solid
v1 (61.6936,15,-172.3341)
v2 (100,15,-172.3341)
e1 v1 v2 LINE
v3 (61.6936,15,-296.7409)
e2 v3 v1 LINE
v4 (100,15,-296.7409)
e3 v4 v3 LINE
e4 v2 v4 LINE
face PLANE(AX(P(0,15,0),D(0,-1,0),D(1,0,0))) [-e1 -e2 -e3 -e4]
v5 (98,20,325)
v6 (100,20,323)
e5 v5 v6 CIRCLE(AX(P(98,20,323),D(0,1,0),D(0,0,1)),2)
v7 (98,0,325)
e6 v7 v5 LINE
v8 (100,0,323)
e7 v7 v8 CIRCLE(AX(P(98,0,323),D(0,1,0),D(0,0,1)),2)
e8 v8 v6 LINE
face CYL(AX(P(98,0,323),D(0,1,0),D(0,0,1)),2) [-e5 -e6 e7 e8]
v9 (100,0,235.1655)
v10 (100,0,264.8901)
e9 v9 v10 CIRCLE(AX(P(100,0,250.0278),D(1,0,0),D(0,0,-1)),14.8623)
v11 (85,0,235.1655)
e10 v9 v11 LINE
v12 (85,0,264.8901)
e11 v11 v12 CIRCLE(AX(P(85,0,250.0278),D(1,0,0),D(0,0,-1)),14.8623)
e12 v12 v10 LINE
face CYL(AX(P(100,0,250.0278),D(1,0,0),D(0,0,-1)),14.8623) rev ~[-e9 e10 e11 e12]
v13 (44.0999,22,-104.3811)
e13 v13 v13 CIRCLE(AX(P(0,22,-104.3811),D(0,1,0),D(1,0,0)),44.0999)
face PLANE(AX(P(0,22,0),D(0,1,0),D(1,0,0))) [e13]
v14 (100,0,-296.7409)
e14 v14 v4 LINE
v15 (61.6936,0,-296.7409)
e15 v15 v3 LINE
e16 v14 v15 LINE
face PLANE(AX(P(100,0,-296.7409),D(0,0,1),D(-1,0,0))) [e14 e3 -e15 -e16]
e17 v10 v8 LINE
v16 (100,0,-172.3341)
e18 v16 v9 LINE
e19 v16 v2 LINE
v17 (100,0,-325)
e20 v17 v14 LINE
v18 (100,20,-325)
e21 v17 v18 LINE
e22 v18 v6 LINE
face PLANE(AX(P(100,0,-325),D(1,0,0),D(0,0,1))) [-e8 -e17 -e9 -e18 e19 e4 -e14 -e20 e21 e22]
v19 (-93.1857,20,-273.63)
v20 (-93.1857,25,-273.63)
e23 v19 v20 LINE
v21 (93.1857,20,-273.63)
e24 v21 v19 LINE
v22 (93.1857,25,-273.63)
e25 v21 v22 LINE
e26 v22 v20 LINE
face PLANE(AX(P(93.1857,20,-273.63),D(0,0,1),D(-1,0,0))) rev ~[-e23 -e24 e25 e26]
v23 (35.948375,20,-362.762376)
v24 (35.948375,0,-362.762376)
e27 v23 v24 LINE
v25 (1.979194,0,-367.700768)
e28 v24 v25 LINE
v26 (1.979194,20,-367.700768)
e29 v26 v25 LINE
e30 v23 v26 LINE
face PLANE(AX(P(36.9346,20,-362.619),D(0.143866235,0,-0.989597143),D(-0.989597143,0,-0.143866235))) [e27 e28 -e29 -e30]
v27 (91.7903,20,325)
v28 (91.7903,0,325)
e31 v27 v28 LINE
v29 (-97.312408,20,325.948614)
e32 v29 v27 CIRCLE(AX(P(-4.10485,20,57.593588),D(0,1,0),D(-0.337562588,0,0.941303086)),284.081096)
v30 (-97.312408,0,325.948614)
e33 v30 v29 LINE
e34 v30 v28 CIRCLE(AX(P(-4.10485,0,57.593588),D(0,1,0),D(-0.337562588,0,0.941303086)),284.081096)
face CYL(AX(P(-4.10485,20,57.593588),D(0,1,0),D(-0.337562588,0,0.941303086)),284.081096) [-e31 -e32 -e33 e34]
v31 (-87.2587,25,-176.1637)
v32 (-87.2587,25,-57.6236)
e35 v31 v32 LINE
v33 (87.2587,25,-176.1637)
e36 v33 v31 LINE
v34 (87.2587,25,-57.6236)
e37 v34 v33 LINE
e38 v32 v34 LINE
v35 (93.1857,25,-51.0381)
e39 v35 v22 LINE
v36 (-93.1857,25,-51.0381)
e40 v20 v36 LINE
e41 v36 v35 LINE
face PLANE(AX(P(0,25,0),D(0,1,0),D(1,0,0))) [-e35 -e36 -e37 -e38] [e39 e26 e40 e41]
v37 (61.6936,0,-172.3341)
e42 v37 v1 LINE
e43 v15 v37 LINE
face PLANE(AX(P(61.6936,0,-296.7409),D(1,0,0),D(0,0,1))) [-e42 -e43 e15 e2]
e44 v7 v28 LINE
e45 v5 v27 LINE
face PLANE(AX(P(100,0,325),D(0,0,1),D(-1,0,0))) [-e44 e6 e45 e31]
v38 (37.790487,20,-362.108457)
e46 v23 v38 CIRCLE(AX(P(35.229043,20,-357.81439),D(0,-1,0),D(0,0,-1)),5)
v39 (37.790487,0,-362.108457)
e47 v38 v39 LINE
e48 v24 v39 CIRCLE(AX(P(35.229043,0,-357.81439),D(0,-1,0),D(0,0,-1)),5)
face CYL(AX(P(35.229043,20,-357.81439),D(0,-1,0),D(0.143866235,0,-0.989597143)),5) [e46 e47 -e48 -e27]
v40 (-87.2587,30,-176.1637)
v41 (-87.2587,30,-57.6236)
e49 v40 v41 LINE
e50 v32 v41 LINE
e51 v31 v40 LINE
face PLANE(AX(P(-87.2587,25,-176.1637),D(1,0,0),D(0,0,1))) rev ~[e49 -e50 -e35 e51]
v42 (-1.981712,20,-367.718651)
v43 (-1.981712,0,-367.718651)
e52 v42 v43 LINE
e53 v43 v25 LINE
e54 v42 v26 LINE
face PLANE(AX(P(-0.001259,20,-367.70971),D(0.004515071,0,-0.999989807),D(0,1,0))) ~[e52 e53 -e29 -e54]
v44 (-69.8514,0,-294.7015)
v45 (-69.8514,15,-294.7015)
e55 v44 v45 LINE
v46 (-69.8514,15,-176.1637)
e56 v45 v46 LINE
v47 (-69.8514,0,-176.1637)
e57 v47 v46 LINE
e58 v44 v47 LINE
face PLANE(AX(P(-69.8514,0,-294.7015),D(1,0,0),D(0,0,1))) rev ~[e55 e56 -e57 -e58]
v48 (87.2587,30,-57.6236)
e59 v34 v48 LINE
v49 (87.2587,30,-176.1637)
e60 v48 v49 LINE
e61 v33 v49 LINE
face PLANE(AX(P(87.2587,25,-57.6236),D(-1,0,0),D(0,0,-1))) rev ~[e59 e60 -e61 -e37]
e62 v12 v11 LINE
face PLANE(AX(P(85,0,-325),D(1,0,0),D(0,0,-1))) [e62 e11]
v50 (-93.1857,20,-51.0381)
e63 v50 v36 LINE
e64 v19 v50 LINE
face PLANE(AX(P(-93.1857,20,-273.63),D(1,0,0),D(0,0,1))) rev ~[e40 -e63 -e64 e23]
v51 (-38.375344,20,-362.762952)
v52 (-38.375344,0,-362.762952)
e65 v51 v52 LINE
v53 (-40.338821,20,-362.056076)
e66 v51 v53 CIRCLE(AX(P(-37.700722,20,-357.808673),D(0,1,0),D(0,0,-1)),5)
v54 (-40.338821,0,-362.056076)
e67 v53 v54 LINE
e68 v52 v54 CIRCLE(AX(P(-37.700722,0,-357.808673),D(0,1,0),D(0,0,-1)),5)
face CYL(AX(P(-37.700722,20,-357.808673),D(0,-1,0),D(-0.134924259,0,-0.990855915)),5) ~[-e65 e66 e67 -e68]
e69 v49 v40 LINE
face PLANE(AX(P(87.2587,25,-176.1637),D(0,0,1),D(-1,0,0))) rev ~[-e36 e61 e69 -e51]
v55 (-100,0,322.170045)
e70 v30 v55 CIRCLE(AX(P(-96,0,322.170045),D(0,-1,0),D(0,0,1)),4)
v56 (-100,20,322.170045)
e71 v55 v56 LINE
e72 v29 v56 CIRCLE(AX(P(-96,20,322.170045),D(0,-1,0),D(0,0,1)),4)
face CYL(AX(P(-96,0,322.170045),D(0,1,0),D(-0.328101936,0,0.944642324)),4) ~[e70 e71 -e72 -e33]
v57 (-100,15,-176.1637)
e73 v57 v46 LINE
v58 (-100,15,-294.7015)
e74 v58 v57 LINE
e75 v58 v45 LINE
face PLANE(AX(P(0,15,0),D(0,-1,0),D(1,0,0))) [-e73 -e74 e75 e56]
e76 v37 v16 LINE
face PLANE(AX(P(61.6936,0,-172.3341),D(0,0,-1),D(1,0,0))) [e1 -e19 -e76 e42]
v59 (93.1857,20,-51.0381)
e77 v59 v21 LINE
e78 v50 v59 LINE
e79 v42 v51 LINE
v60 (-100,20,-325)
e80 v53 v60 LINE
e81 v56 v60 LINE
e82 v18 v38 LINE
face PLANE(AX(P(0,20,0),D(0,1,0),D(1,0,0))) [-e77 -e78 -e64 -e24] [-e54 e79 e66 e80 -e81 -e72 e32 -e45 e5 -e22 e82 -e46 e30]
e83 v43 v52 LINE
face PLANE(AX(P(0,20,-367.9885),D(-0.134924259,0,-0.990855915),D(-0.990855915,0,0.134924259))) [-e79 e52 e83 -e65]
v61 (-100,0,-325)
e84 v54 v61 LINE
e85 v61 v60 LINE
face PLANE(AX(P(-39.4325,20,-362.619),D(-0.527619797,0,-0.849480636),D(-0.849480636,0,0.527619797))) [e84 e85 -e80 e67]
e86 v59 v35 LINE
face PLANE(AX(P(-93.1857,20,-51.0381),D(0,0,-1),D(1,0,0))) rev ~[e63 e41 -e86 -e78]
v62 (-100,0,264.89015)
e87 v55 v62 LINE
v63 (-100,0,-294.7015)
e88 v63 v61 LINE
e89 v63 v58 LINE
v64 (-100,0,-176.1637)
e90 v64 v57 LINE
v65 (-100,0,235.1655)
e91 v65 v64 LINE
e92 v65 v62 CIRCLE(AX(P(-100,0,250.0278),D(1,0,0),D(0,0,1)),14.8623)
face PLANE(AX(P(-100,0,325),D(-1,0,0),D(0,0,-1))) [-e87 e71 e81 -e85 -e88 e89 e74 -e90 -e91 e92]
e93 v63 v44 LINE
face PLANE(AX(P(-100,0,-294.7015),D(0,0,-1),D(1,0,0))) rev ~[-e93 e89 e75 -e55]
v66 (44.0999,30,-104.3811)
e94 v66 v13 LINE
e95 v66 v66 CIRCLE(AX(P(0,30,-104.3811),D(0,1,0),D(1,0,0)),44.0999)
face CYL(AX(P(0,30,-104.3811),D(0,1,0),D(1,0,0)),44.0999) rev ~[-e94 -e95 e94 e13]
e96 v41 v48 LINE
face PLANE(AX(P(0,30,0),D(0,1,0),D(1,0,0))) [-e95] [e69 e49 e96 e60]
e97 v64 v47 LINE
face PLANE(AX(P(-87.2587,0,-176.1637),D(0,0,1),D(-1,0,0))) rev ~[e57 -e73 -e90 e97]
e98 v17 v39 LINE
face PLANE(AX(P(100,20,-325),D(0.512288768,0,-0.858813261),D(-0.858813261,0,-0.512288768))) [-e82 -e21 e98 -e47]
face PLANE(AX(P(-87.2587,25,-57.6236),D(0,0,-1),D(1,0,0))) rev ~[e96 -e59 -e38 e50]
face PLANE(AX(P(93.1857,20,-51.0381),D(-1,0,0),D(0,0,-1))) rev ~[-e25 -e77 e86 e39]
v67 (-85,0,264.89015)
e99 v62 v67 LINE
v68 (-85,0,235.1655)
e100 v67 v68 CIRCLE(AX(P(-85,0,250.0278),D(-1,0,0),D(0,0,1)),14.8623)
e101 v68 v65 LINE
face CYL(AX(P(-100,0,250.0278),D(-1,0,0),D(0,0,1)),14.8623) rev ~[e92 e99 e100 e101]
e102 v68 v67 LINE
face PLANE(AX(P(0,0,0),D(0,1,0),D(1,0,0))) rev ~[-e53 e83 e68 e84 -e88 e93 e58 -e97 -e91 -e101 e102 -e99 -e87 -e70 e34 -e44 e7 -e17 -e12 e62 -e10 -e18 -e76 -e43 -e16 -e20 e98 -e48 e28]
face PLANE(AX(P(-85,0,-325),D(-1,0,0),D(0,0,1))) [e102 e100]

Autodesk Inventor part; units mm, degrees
ref_plane "YZ Plane" through (0, 0, 0) normal (1, 0, 0) x (0, 1, 0)
ref_plane "XZ Plane" through (0, 0, 0) normal (0, 1, 0) x (-1, 0, 0)
ref_plane "XY Plane" through (0, 0, 0) normal (0, 0, 1) x (1, 0, 0)
sketch "Sketch1" plane through (0, 0, 0) normal (0, 1, 0) x (-1, 0, 0)
  line L0 (-100, 325) -> (100, 325)
  line L1 (100, 325) -> (100, -325)
  line L2 (100, -325) -> (-100, -325)
  line L3 (-100, -325) -> (-100, 325)
  line L4 (-100, 325) -> (100, -325) construction
  line L5 (100, 325) -> (-100, -325) construction
  point P0 (0, 0)
  dimension "d0" = 200
  dimension "d1" = 650
sketch "Sketch2" plane through (0, 0, 0) normal (0, 1, 0) x (-1, 0, 0)
  point P0 (0, 0)
extrude "Extrusion1" add sketch "Sketch1" along normal blind 20
sketch "Sketch3" plane through (0, 20, 0) normal (0, 1, 0) x (1, 0, 0)
  line L0 (-100, -325) -> (100, -325) projected
  arc A0 (-100, -325) -> (91.7903, -325) centre (-4.1048, -57.5933) ccw
  point P0 (0, 0)
extrude "Extrusion2" add sketch "Sketch3" against normal blind 20
sketch "Sketch4" plane through (0, 20, 0) normal (0, 1, 0) x (1, 0, 0)
  line L0 (100, 325) -> (-100, 325) projected
  line L1 (100, 325) -> (36.9346, 362.619)
  line L2 (36.9346, 362.619) -> (0, 367.9885)
  line L3 (0, 367.9885) -> (-39.4325, 362.619)
  line L4 (-39.4325, 362.619) -> (-100, 325)
  point P0 (0, 0)
extrude "Extrusion3" add sketch "Sketch4" against normal blind 20
fillet "Fillet1" radius 2 1 edges at (100, 10, 325)
fillet "Fillet2" radius 4 1 edges at (-100, 10, 325)
chamfer "Chamfer1" distance 2 angle 45 1 edges at (0, 10, -367.9885)
fillet "Fillet3" radius 5 1 edges at (36.9346, 10, -362.619)
fillet "Fillet4" radius 5 1 edges at (-39.4325, 10, -362.619)
sketch "Sketch5" plane through (0, 20, 0) normal (0, 1, 0) x (1, 0, 0)
  line L0 (0, 22.7202) -> (-100, 22.7202)
  line L1 (-100, 325) -> (-100, -322.17) projected
  line L2 (0, 22.7202) -> (99.1127, 22.7202)
  line L3 (99.1127, 22.7202) -> (-100, 22.7202)
  point P0 (0, 0)
sketch "Sketch6" plane through (0, 20, 0) normal (0, 1, 0) x (1, 0, 0)
  line L0 (93.1857, 273.63) -> (-93.1857, 273.63)
  line L1 (-93.1857, 273.63) -> (-93.1857, 51.0381)
  line L2 (-93.1857, 51.0381) -> (93.1857, 51.0381)
  line L3 (93.1857, 51.0381) -> (93.1857, 273.63)
  line L4 (93.1857, 273.63) -> (-93.1857, 51.0381) construction
  line L5 (-93.1857, 273.63) -> (93.1857, 51.0381) construction
  point P0 (0, 0)
  point P1 (0, 162.334)
extrude "Extrusion4" add sketch "Sketch6" along normal blind 5
sketch "Sketch7" plane through (0, 25, 0) normal (0, 1, 0) x (1, 0, 0)
  line L0 (87.2587, 176.1637) -> (-87.2587, 176.1637)
  line L1 (-87.2587, 176.1637) -> (-87.2587, 57.6236)
  line L2 (-87.2587, 57.6236) -> (87.2587, 57.6236)
  line L3 (87.2587, 57.6236) -> (87.2587, 176.1637)
  line L4 (87.2587, 176.1637) -> (-87.2587, 57.6236) construction
  line L5 (-87.2587, 176.1637) -> (87.2587, 57.6236) construction
  point P0 (0, 0)
  point P1 (0, 116.8937)
extrude "Extrusion5" add sketch "Sketch7" along normal blind 5
sketch "Sketch8" plane through (0, 30, 0) normal (0, 1, 0) x (1, 0, 0)
  circle A0 centre (0, 104.3811) radius 44.0999
  point P0 (0, 0)
extrude "Extrusion6" cut sketch "Sketch8" against normal blind 8
sketch "Sketch9" plane through (0, 30, 0) normal (0, 1, 0) x (1, 0, 0)
  circle A0 centre (-34.3381, 145.486) radius 4.7269
  point P0 (0, 0)
sketch "Sketch10" plane through (0, 0, 0) normal (0, -1, 0) x (1, 0, 0)
  line L0 (100, 323) -> (100, -325) projected
  line L1 (100, -296.7409) -> (61.6936, -296.7409)
  line L2 (61.6936, -296.7409) -> (61.6936, -172.3341)
  line L3 (61.6936, -172.3341) -> (100, -172.3341)
  line L4 (100, -172.3341) -> (100, -296.7409)
  point P0 (0, 0)
extrude "Extrusion7" cut sketch "Sketch10" against normal blind 15
sketch "Sketch11" plane through (0, 0, 0) normal (0, -1, 0) x (1, 0, 0)
  line L0 (-100, -325) -> (-100, 322.17) projected
  line L1 (-87.2587, -176.1637) -> (87.2587, -176.1637) projected
  line L2 (-100, -294.7015) -> (-69.8514, -294.7015)
  line L3 (-69.8514, -294.7015) -> (-69.8514, -176.1637)
  line L4 (-69.8514, -176.1637) -> (-100, -176.1637)
  line L5 (-100, -176.1637) -> (-100, -294.7015)
  point P0 (0, 0)
extrude "Extrusion8" cut sketch "Sketch11" against normal blind 15
sketch "Sketch12" plane through (100, 0, -325) normal (1, 0, 0) x (0, 0, -1)
  circle A0 centre (-575.0278, 0) radius 14.8623
  point P0 (-325, 0)
extrude "Extrusion9" cut sketch "Sketch12" against normal blind 15
sketch "Sketch13" plane through (-100, 0, -325) normal (-1, 0, 0) x (0, 0, 1)
  line L0 (560.1655, 0) -> (589.8902, 0) projected
  circle A0 centre (575.0278, 0) radius 14.8623
  point P0 (325, 0)
extrude "Extrusion10" cut sketch "Sketch13" against normal blind 15
properties part number "BASE"
